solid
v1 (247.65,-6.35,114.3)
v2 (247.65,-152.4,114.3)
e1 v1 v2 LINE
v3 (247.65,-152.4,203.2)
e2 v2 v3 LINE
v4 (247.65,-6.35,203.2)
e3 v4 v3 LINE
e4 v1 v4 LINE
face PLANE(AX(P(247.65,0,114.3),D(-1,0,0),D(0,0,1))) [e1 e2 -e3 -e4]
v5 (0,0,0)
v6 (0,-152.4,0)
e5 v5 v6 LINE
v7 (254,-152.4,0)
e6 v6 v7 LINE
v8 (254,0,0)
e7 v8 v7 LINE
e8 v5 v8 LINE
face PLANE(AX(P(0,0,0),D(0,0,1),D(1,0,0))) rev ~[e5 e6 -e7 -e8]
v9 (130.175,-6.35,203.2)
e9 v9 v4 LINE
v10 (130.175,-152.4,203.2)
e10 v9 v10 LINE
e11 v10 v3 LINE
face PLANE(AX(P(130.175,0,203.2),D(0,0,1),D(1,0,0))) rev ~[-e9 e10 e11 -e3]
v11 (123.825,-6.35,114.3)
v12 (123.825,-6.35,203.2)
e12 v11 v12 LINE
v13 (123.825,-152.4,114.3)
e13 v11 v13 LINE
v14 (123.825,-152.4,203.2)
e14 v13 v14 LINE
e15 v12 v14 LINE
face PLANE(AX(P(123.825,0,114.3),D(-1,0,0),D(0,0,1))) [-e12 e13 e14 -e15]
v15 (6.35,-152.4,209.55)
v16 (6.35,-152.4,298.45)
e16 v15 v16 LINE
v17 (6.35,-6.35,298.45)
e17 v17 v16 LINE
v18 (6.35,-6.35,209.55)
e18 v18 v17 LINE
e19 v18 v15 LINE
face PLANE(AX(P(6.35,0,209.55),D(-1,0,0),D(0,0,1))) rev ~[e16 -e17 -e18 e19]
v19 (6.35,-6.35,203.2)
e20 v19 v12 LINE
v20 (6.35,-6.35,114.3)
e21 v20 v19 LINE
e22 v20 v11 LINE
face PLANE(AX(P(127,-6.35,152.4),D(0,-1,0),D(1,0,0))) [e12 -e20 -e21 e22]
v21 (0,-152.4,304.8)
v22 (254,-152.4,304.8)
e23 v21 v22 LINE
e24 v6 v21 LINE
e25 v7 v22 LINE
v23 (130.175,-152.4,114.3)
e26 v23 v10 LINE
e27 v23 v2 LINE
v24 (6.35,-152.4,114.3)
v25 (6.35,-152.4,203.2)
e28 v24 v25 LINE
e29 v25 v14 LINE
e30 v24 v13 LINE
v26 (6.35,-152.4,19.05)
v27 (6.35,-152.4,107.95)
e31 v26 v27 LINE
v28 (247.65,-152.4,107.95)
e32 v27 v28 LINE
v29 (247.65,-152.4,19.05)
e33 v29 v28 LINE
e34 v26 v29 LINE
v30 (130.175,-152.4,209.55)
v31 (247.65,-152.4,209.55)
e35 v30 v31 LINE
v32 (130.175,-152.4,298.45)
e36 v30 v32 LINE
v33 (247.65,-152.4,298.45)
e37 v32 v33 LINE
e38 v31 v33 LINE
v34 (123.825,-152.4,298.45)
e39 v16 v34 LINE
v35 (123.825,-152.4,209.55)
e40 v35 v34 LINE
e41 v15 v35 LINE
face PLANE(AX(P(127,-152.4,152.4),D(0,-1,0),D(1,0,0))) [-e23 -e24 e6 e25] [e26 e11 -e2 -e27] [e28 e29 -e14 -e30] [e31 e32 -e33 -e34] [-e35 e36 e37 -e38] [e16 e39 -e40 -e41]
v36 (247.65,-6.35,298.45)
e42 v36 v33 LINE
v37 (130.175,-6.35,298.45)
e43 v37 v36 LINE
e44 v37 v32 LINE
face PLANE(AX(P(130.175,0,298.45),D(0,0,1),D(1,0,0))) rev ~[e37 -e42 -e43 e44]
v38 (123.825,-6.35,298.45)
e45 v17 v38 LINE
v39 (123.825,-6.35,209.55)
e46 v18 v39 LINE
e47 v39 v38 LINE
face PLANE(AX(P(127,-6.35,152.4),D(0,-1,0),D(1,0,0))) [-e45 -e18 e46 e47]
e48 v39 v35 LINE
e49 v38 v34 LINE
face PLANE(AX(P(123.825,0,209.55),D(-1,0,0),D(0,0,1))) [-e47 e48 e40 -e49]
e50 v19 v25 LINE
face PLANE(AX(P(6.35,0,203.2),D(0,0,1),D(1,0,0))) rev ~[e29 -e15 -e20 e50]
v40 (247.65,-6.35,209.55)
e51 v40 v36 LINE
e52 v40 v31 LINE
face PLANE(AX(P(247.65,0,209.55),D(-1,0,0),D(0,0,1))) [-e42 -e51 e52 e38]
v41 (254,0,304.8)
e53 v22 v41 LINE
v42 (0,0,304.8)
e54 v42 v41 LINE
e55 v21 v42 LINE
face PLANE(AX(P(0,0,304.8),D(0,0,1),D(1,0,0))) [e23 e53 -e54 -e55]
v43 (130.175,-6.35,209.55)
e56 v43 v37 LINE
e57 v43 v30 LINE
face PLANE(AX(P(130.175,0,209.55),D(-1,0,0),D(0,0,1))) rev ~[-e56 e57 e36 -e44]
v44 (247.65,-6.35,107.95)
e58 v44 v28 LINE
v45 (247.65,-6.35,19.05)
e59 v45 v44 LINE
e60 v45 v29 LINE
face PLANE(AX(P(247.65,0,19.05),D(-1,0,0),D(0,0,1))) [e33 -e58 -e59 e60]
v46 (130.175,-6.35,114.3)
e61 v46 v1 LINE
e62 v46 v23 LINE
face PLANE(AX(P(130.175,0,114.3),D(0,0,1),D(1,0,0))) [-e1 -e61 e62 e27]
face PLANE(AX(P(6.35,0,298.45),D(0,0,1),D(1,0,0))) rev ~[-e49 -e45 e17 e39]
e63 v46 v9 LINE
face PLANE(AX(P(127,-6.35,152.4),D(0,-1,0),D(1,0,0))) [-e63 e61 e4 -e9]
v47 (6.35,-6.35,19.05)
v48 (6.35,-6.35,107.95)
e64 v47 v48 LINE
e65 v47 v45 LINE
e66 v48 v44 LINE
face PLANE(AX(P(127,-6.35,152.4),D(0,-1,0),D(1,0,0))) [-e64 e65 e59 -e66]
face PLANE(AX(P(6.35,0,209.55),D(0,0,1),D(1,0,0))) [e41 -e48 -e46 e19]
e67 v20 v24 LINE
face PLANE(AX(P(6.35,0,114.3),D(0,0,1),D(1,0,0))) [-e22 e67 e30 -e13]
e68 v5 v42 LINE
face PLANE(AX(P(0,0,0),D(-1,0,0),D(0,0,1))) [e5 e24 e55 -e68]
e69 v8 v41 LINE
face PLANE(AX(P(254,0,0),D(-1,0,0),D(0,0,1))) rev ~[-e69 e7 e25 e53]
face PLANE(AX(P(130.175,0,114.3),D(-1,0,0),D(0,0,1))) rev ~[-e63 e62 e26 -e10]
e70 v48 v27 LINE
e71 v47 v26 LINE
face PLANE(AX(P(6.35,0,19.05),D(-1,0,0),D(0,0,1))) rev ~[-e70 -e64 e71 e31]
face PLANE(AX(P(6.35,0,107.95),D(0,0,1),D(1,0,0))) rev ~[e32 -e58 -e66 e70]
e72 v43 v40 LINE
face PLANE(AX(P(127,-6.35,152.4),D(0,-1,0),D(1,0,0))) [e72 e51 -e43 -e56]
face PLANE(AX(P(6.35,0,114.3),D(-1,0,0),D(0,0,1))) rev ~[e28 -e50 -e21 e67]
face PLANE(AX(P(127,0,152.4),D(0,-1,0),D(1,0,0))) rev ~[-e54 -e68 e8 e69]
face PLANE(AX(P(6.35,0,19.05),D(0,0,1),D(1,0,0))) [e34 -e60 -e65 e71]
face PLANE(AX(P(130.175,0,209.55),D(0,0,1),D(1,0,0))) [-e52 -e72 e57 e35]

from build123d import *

# Parameters (mm, degrees)
F0_W     = 254
F0_H     = 304.8
F0_W_2   = 241.3
F0_H_2   = 88.9
F0_W_3   = 117.475
F1_DEPTH = 152.4
F2_W     = 254
F2_H     = 304.8
F3_DEPTH = 6.35


with BuildPart() as f1:
    # F0 (on Front) → F1 (new body)
    with BuildSketch(Plane.XZ):
        with Locations((127, 152.4)):
            Rectangle(F0_W, F0_H)
        with Locations((127, 63.5)):
            Rectangle(F0_W_2, F0_H_2, mode=Mode.SUBTRACT)
        with Locations((65.0875, 158.75)):
            Rectangle(F0_W_3, F0_H_2, mode=Mode.SUBTRACT)
        with Locations((65.0875, 254)):
            Rectangle(F0_W_3, F0_H_2, mode=Mode.SUBTRACT)
        with Locations((188.9125, 158.75)):
            Rectangle(F0_W_3, F0_H_2, mode=Mode.SUBTRACT)
        with Locations((188.9125, 254)):
            Rectangle(F0_W_3, F0_H_2, mode=Mode.SUBTRACT)
    extrude(amount=F1_DEPTH)

    # F2 (on Front) → F3 (join)
    with BuildSketch(Plane.XZ):
        with Locations((127, 152.4)):
            Rectangle(F2_W, F2_H)
    extrude(amount=F3_DEPTH)


solid = f1.part
